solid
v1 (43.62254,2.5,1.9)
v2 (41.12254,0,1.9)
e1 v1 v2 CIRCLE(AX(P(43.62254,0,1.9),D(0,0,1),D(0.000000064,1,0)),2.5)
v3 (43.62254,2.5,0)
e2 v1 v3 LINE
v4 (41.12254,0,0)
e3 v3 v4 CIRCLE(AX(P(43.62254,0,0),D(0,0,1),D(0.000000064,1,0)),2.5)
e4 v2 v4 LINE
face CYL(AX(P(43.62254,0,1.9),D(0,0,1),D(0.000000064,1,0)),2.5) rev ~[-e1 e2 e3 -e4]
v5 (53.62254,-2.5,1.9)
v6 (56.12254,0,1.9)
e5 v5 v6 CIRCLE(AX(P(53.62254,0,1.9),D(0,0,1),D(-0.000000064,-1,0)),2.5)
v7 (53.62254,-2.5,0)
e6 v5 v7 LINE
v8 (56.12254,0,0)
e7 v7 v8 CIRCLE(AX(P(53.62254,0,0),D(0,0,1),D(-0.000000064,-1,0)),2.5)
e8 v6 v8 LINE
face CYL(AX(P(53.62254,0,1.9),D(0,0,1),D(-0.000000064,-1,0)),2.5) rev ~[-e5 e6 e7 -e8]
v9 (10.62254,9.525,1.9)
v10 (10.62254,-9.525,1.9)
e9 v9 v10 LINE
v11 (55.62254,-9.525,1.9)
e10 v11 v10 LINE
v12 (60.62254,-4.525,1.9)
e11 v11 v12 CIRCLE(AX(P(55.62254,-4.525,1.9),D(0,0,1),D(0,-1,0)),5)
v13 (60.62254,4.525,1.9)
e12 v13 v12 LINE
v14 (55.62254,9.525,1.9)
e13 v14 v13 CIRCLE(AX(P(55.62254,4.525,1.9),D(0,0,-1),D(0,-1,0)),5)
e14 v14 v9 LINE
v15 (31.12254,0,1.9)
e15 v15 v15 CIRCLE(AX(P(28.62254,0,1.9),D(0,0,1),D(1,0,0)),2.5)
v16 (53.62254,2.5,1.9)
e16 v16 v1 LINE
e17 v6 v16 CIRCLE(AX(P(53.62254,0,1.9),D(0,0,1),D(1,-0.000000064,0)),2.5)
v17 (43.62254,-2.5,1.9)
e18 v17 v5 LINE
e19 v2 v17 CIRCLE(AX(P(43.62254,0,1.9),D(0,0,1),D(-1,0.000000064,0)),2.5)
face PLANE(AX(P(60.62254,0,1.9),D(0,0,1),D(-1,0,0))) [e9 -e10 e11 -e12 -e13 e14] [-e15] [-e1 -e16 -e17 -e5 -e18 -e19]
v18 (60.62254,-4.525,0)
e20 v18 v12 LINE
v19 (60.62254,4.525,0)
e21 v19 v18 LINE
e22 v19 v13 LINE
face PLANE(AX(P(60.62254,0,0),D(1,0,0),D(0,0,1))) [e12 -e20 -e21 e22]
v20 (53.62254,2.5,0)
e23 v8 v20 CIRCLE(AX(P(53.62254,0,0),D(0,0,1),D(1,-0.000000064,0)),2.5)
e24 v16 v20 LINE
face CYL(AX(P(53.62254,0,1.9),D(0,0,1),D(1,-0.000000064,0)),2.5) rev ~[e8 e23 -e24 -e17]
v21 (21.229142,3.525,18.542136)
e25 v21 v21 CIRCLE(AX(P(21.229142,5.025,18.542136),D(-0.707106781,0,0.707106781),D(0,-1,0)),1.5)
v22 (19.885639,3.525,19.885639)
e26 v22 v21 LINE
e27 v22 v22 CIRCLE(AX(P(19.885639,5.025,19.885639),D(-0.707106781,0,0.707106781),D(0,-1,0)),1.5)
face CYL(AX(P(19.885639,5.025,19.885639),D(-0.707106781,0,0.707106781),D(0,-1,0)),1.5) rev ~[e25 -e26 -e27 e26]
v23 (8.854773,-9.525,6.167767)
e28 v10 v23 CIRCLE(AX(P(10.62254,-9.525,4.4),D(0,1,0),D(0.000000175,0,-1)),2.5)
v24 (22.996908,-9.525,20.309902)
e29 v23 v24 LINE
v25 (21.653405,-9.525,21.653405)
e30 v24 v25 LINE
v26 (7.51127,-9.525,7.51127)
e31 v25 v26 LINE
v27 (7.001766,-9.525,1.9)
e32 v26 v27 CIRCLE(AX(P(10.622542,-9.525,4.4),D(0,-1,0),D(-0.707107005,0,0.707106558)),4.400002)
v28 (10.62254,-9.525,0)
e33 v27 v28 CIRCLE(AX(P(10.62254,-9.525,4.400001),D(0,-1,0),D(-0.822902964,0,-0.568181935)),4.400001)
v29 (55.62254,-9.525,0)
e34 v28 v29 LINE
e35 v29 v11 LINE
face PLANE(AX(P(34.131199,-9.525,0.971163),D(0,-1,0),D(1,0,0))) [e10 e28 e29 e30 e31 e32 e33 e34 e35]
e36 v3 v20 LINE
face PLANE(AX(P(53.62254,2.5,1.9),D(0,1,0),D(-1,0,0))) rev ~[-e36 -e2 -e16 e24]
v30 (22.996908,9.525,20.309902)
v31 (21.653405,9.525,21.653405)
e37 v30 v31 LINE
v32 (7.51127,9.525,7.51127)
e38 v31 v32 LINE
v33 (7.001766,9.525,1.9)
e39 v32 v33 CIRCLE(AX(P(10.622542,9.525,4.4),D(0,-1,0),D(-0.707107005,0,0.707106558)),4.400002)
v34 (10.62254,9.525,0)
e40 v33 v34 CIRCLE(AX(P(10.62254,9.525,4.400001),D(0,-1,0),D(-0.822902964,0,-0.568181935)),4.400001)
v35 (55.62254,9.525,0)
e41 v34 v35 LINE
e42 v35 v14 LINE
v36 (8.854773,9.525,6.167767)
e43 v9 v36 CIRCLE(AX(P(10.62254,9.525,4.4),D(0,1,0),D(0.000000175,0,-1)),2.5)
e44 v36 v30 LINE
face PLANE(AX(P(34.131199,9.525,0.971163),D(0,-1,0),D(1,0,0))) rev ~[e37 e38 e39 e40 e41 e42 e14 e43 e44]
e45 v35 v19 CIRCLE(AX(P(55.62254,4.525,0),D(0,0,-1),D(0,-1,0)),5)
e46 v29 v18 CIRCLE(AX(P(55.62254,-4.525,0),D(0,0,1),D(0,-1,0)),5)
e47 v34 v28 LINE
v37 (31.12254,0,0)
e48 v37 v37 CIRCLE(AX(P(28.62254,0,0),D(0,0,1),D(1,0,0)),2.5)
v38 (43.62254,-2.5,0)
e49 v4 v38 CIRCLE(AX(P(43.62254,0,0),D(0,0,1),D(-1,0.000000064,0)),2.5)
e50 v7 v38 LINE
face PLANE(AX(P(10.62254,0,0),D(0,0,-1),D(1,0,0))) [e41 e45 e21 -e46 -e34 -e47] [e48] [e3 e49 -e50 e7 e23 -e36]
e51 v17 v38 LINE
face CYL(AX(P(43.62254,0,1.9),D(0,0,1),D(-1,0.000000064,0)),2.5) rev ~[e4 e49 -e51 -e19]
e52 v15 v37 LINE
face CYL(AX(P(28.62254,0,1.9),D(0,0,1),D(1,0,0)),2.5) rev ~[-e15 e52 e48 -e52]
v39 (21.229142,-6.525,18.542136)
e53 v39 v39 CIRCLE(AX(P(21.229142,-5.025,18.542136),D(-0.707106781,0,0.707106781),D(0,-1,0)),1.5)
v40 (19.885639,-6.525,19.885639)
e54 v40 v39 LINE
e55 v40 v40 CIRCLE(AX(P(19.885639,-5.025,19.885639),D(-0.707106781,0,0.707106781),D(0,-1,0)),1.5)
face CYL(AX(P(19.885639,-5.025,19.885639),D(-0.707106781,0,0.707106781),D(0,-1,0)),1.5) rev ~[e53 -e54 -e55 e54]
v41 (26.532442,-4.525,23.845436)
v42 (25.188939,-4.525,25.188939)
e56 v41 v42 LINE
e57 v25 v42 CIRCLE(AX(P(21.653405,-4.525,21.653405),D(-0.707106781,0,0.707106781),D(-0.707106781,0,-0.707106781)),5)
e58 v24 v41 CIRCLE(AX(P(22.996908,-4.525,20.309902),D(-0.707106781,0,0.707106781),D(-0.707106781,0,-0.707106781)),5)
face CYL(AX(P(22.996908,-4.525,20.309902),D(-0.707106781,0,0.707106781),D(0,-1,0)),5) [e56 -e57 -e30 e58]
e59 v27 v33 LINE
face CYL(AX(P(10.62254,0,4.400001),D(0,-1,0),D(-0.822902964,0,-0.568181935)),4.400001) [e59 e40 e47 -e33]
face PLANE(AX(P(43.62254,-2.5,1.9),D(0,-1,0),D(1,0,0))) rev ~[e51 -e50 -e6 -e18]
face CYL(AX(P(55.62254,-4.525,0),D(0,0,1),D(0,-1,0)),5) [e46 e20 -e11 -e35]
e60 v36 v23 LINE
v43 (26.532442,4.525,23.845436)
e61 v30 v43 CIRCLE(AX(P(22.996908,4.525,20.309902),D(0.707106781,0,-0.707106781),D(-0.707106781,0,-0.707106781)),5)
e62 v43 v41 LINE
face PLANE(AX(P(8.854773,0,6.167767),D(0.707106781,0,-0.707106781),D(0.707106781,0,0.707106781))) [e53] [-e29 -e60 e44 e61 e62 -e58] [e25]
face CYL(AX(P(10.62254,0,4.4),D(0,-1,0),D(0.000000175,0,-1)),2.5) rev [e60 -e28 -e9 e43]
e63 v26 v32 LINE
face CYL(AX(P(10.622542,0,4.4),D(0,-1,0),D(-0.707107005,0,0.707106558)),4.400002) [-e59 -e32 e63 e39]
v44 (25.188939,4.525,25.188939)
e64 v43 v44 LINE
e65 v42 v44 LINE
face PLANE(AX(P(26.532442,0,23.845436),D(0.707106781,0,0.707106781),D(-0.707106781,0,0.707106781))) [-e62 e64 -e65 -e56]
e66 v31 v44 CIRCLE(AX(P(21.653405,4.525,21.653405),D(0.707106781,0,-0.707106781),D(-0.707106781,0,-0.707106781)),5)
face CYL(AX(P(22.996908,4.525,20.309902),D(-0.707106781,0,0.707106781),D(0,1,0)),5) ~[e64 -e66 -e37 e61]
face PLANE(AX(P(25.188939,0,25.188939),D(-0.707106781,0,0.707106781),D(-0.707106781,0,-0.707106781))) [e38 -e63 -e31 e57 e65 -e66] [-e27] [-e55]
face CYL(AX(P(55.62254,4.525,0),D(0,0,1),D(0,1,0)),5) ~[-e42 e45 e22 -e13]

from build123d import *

# Parameters (mm, degrees)
F1_DEPTH = 9.525
F2_R     = 2.5
F3_DEPTH = 1.901
F4_R     = 1.5
F5_DEPTH = 1.9
F6_R     = 5


with BuildPart() as f1:
    # F0 (on Front) → F1 (new body, symmetric)
    with BuildSketch(Plane.XZ):
        with BuildLine():
            ThreePointArc((7.001766, 1.9), (8.578035, 0.503848), (10.62254, 0))
            Line((10.62254, 0), (60.62254, 0))
            Line((60.62254, 0), (60.62254, 1.9))
            Line((60.62254, 1.9), (10.62254, 1.9))
            Line((10.62254, 1.9), (7.001766, 1.9))
        make_face()
        with BuildLine():
            ThreePointArc((7.51127, 7.51127), (6.240567, 4.797883), (7.001766, 1.9))
            Line((7.001766, 1.9), (10.62254, 1.9))
            ThreePointArc((10.62254, 1.9), (8.312841, 3.443291), (8.854773, 6.167767))
            Line((8.854773, 6.167767), (26.532442, 23.845436))
            Line((26.532442, 23.845436), (25.188939, 25.188939))
            Line((25.188939, 25.188939), (7.51127, 7.51127))
        make_face()
    extrude(amount=F1_DEPTH, both=True)

    # F2 (on face) → F3 (cut, through all)
    with BuildSketch(Plane.XY.offset(1.9)):
        with BuildLine():
            ThreePointArc((43.62254, -2.5), (45.390307, -1.767767), (46.12254, 0))
            Line((46.12254, 0), (41.12254, 0))
            ThreePointArc((41.12254, 0), (41.854773, -1.767767), (43.62254, -2.5))
        make_face()
        with BuildLine():
            ThreePointArc((43.62254, 2.5), (45.390307, 1.767767), (46.12254, 0))
            Line((46.12254, 0), (51.12254, 0))
            ThreePointArc((51.12254, 0), (51.854773, 1.767767), (53.62254, 2.5))
            Line((53.62254, 2.5), (43.62254, 2.5))
        make_face()
        with BuildLine():
            Line((41.12254, 0), (46.12254, 0))
            ThreePointArc((46.12254, 0), (45.390307, 1.767767), (43.62254, 2.5))
            ThreePointArc((43.62254, 2.5), (41.854773, 1.767767), (41.12254, 0))
        make_face()
        with BuildLine():
            Line((51.12254, 0), (46.12254, 0))
            ThreePointArc((46.12254, 0), (45.390307, -1.767767), (43.62254, -2.5))
            Line((43.62254, -2.5), (53.62254, -2.5))
            ThreePointArc((53.62254, -2.5), (51.854773, -1.767767), (51.12254, 0))
        make_face()
        with BuildLine():
            ThreePointArc((53.62254, 2.5), (51.854773, 1.767767), (51.12254, 0))
            Line((51.12254, 0), (56.12254, 0))
            ThreePointArc((56.12254, 0), (55.390307, 1.767767), (53.62254, 2.5))
        make_face()
        with BuildLine():
            Line((56.12254, 0), (51.12254, 0))
            ThreePointArc((51.12254, 0), (51.854773, -1.767767), (53.62254, -2.5))
            ThreePointArc((53.62254, -2.5), (55.390307, -1.767767), (56.12254, 0))
        make_face()
        with Locations((28.62254, 0)):
            Circle(F2_R)
    extrude(amount=-F3_DEPTH, mode=Mode.SUBTRACT)

    # F4 (on face) → F5 (cut, through all)
    with BuildSketch(Plane(origin=(0, 0, 0), x_dir=(0, -1, 0), z_dir=(-0.707107, 0, 0.707107))):
        with Locations((-5.025, 28.12254)):
            Circle(F4_R)
        with Locations((5.025, 28.12254)):
            Circle(F4_R)
    extrude(amount=-F5_DEPTH, mode=Mode.SUBTRACT)

    # F6
    f6_edges = [f1.edges().sort_by_distance(p)[0] for p in [
        (25.860691, 9.525, 24.517188),
        (25.860691, -9.525, 24.517188),
        (60.62254, -9.525, 0.95),
        (60.62254, 9.525, 0.95),
    ]]
    fillet(f6_edges, radius=F6_R)


solid = f1.part
